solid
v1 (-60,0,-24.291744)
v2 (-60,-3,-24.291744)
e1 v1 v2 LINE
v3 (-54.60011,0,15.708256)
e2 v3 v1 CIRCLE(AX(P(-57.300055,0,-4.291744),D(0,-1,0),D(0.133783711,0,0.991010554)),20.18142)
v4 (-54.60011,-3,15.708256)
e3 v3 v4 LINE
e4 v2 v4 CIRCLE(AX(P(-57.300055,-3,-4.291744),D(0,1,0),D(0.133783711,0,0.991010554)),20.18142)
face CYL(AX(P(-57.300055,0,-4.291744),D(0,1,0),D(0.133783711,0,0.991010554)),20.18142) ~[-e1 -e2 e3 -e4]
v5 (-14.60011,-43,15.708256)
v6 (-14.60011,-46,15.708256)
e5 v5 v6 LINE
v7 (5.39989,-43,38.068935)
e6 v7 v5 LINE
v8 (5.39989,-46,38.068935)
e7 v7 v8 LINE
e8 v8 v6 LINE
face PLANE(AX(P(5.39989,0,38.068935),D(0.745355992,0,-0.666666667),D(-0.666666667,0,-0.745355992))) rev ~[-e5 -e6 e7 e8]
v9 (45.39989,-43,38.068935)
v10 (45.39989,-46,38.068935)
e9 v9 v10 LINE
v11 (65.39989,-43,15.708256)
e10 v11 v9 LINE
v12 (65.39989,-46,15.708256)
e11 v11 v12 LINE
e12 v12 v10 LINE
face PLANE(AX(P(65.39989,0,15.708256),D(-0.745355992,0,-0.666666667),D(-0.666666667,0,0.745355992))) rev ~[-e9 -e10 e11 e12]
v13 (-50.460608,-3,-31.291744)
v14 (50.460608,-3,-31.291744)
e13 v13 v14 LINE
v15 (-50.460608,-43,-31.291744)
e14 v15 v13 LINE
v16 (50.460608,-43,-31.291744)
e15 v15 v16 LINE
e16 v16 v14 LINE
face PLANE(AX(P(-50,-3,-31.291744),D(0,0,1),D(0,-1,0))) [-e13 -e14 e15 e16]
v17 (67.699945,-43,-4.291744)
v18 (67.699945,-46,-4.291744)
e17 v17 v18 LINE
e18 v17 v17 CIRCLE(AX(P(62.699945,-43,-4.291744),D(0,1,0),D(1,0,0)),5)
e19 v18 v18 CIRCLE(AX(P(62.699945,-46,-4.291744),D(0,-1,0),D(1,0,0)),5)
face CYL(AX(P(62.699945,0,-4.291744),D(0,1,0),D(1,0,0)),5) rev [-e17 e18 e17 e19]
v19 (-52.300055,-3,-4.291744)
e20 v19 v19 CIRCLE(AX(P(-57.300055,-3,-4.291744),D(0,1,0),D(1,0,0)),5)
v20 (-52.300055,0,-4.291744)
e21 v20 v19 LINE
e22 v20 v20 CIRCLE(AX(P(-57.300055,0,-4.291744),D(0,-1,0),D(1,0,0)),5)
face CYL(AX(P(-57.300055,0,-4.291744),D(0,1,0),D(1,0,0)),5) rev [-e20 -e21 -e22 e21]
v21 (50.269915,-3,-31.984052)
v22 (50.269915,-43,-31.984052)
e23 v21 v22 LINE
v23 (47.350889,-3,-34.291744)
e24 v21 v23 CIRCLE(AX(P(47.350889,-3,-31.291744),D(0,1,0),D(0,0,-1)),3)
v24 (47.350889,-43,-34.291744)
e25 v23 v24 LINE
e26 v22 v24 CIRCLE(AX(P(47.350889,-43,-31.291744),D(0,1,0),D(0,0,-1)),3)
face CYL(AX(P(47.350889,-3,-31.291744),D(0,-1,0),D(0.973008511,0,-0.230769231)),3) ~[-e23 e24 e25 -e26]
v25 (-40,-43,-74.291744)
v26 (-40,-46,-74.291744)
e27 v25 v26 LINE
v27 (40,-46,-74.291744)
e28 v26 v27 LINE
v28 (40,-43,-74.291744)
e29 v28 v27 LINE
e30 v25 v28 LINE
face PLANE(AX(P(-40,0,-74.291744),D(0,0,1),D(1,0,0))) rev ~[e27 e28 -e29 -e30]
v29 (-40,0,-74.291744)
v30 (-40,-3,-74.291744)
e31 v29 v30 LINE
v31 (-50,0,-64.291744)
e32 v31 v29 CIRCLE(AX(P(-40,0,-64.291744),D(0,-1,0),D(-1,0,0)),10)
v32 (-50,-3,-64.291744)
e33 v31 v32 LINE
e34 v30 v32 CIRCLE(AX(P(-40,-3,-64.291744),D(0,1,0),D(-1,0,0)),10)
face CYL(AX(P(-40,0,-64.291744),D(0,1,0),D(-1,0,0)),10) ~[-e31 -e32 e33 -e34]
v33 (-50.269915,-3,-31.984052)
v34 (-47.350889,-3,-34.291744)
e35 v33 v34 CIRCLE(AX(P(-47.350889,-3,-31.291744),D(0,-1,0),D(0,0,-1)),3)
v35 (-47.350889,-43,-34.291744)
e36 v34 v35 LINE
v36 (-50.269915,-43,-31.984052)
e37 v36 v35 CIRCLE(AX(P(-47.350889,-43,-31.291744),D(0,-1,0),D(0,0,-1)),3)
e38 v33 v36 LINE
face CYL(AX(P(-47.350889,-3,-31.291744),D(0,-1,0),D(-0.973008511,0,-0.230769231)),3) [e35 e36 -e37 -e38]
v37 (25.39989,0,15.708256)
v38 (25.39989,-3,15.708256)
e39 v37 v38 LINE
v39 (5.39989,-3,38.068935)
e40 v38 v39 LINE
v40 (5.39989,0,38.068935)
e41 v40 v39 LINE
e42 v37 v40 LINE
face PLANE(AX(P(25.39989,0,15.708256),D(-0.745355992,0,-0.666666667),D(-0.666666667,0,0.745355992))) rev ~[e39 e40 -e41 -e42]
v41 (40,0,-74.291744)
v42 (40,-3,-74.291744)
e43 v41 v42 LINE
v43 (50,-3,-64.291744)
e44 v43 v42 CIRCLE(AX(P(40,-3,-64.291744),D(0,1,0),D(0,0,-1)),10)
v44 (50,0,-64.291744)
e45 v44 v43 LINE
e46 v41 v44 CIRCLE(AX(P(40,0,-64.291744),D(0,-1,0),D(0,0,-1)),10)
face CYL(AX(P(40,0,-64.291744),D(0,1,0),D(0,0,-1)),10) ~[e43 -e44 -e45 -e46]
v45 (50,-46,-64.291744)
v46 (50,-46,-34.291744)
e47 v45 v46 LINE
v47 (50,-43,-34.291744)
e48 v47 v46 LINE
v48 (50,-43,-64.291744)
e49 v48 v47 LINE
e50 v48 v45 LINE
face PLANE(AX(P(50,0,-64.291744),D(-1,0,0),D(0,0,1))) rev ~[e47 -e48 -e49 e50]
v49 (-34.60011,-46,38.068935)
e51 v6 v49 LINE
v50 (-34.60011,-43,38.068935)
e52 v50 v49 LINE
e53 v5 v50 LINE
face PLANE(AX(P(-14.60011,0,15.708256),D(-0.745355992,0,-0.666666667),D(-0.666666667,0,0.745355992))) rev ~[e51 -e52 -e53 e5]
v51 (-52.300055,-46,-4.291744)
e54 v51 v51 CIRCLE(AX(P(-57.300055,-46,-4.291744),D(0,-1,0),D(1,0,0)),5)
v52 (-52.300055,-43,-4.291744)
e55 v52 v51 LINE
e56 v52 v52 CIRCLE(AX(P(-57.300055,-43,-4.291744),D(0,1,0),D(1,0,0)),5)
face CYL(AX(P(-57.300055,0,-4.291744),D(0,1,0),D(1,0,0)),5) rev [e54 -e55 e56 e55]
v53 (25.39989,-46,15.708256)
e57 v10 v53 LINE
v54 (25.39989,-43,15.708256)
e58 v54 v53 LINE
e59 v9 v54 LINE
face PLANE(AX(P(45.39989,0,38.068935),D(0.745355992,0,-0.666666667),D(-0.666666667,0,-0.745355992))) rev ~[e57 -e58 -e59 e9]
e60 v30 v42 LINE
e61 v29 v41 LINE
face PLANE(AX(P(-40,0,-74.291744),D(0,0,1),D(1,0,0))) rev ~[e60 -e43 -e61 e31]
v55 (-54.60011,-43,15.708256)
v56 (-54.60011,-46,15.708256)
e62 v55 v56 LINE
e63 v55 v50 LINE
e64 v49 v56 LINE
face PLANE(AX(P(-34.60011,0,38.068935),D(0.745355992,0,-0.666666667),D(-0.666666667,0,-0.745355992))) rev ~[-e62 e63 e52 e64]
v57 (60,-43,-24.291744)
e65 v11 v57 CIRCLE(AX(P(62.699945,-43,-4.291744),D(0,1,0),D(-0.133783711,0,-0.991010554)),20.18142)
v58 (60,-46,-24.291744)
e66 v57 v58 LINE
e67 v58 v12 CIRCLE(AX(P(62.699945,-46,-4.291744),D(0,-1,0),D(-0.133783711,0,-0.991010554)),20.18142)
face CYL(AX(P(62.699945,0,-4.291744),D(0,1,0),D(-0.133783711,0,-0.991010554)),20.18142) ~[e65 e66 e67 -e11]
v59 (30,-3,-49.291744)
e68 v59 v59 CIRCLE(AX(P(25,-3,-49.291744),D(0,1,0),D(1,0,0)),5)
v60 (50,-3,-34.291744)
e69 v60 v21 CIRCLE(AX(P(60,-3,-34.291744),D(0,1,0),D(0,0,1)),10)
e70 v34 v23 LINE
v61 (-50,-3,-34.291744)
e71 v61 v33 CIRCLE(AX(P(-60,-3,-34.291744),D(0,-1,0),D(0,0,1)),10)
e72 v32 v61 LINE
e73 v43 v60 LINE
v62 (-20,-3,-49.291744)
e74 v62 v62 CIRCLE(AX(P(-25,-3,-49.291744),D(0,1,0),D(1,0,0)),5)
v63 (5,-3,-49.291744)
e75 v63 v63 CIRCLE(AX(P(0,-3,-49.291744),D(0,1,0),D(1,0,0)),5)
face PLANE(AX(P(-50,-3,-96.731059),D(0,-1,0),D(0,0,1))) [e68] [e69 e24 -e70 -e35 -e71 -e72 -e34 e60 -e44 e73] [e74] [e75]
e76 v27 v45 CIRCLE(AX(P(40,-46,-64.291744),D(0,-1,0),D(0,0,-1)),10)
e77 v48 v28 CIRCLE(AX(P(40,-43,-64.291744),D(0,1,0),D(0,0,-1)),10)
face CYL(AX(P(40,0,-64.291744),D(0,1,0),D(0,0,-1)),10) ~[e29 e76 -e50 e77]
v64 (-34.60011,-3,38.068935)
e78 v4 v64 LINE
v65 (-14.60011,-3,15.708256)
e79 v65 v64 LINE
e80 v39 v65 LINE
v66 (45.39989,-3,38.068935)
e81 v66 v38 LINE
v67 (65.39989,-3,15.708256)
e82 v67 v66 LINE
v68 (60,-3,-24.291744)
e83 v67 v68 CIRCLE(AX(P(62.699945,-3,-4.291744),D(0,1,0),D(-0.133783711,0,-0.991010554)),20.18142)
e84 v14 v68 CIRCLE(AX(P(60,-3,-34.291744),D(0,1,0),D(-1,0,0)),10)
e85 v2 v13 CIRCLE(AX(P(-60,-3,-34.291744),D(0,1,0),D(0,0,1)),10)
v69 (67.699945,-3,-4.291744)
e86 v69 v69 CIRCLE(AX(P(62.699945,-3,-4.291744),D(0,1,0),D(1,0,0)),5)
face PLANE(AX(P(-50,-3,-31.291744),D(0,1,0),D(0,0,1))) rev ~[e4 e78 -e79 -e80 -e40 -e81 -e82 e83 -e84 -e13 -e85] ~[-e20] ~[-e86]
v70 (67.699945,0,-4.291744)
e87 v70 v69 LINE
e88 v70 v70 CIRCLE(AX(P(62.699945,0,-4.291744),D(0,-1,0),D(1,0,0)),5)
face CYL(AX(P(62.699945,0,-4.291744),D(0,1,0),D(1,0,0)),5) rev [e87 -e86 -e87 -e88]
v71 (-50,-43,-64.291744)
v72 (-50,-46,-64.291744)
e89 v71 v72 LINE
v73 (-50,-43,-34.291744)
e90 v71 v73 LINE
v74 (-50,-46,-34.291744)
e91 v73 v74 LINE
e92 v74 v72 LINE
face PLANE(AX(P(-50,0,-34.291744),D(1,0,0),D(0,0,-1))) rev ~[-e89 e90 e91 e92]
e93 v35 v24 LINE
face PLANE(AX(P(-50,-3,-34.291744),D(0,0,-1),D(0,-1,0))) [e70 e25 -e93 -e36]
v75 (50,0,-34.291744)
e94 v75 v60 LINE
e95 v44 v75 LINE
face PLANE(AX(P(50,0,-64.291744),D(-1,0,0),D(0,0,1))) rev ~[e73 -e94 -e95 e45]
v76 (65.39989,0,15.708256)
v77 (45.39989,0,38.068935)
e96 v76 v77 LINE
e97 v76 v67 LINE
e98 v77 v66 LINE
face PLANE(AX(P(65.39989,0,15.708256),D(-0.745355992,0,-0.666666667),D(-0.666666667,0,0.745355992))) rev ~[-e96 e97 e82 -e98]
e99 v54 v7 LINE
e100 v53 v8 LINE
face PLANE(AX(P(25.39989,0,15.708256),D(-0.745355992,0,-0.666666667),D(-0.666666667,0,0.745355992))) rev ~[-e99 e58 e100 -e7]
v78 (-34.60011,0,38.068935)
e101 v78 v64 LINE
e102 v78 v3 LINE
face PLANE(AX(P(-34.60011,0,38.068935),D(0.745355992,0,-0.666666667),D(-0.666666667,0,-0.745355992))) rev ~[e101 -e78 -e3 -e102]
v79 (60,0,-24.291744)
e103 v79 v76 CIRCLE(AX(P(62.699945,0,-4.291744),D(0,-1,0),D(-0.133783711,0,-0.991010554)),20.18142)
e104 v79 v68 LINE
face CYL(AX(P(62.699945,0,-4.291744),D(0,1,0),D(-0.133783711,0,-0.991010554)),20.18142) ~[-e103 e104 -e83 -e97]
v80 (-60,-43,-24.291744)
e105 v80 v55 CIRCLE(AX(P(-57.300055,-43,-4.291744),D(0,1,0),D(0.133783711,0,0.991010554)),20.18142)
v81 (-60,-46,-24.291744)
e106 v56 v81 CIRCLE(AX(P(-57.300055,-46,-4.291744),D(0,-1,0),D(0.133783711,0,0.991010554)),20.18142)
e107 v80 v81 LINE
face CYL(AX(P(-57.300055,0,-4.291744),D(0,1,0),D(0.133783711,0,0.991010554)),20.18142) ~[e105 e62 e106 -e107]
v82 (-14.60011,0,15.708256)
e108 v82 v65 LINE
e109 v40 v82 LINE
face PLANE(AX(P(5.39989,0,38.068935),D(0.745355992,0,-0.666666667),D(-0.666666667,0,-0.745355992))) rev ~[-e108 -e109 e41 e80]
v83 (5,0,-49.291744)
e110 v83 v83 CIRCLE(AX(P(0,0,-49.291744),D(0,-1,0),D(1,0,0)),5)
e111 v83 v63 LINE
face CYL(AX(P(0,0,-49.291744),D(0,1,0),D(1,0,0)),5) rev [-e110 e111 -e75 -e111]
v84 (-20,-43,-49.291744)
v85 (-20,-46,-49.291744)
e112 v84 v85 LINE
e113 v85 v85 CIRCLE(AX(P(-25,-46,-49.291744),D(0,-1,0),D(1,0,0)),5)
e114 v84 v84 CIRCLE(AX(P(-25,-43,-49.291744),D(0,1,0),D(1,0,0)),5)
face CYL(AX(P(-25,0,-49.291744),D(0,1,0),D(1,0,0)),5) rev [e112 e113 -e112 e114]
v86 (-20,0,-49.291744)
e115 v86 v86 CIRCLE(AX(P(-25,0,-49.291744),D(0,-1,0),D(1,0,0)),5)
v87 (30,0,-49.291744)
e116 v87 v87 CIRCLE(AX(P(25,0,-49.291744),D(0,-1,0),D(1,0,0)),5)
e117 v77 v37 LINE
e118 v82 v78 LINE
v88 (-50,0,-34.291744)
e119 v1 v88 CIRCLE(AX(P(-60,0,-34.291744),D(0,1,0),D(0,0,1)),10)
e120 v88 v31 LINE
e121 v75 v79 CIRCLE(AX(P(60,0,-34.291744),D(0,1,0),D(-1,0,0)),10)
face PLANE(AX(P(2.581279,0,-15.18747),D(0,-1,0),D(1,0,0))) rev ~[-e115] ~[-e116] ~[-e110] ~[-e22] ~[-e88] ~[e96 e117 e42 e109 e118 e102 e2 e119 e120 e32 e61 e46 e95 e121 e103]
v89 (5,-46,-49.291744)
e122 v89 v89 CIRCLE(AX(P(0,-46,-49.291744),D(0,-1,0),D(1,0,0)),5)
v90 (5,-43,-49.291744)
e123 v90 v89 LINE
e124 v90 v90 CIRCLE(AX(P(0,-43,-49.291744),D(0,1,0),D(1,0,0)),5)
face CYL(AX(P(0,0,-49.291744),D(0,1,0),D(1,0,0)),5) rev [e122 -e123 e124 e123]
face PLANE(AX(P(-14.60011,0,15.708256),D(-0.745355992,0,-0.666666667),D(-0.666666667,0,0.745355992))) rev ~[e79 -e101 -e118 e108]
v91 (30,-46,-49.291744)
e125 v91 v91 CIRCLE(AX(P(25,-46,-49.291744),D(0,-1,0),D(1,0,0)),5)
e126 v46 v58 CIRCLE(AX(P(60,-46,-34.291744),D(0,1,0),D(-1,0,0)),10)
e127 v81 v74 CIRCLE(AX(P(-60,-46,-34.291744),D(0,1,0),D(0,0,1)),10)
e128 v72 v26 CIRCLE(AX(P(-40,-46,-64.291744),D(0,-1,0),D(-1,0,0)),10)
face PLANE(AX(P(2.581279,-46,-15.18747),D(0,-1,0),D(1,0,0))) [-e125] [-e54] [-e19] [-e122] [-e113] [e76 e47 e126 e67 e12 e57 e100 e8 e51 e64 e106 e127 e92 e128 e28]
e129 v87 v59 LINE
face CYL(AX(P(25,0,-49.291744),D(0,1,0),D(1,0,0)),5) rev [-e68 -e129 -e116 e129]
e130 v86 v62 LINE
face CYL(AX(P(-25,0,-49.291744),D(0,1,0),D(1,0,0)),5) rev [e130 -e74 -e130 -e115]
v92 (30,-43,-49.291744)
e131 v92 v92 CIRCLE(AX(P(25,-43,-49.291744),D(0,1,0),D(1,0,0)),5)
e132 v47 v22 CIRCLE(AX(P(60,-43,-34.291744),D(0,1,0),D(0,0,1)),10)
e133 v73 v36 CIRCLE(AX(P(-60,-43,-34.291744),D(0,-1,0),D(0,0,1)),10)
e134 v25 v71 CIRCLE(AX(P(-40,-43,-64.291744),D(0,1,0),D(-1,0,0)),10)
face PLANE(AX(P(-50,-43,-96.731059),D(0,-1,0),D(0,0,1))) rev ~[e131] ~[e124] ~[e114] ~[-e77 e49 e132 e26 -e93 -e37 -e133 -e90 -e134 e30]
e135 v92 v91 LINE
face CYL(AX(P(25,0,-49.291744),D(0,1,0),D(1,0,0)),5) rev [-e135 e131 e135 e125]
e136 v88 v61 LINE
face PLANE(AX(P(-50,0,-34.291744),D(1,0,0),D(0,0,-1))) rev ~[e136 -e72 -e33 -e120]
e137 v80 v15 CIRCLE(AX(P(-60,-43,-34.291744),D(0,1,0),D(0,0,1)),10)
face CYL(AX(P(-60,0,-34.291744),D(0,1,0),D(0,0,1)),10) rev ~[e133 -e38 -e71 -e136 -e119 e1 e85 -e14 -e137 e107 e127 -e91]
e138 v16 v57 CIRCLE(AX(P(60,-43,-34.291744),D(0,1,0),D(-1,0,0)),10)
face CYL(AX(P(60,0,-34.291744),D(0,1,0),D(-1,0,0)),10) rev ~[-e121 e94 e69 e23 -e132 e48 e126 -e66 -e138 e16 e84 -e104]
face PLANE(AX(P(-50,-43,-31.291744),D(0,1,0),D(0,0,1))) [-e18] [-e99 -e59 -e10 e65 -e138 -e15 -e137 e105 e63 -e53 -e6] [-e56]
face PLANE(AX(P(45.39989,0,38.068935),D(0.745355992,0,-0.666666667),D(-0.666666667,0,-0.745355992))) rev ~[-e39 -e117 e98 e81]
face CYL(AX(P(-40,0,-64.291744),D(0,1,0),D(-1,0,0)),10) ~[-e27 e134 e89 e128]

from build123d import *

# Parameters (mm, degrees)
F0_R     = 5
F1_DEPTH = 46
F2_W     = 40
F2_H     = 62.4393149427
F2_H_2   = 108.6921231934
F3_DEPTH = 132.8823650188
F4_DEPTH = 27.4824745393
F5_R     = 3


with BuildPart() as f1:
    # F0 (on Front) → F1 (new body)
    with BuildSketch(Plane.XZ):
        with BuildLine():
            Line((-34.6001095204, 38.0689354645), (-54.6001095204, 15.7082556895))
            ThreePointArc((-54.6001095204, 15.7082556895), (-77.3000547602, -1.5917990707), (-60, -24.2917443105))
            ThreePointArc((-60, -24.2917443105), (-52.9289321881, -27.2206764986), (-50, -34.2917443105))
            Line((-50, -34.2917443105), (-50, -64.2917443105))
            ThreePointArc((-50, -64.2917443105), (-47.0710678119, -71.3628121224), (-40, -74.2917443105))
            Line((-40, -74.2917443105), (40, -74.2917443105))
            ThreePointArc((40, -74.2917443105), (47.0710678119, -71.3628121224), (50, -64.2917443105))
            Line((50, -64.2917443105), (50, -34.2917443105))
            ThreePointArc((50, -34.2917443105), (52.9289321881, -27.2206764986), (60, -24.2917443105))
            ThreePointArc((60, -24.2917443105), (82.6999452398, -6.9916895503), (65.3998904796, 15.7082556895))
            Line((65.3998904796, 15.7082556895), (45.3998904796, 38.0689354645))
            Line((45.3998904796, 38.0689354645), (25.3998904796, 15.7082556895))
            Line((25.3998904796, 15.7082556895), (5.3998904796, 38.0689354645))
            Line((5.3998904796, 38.0689354645), (-14.6001095204, 15.7082556895))
            Line((-14.6001095204, 15.7082556895), (-34.6001095204, 38.0689354645))
        make_face()
        with Locations((-25, -49.2917443105)):
            Circle(F0_R, mode=Mode.SUBTRACT)
        with Locations((0, -49.2917443105)):
            Circle(F0_R, mode=Mode.SUBTRACT)
        with Locations((25, -49.2917443105)):
            Circle(F0_R, mode=Mode.SUBTRACT)
        with Locations((-57.3000547602, -4.2917443105)):
            Circle(F0_R, mode=Mode.SUBTRACT)
        with Locations((62.6999452398, -4.2917443105)):
            Circle(F0_R, mode=Mode.SUBTRACT)
    extrude(amount=F1_DEPTH)

    # F2 (on face) → F3 (cut, through all)
    with BuildSketch(Plane(origin=(-50, 0, 0), x_dir=(0, -1, 0), z_dir=(-1, 0, 0))):
        with Locations((23, -65.5114017819)):
            Rectangle(F2_W, F2_H)
        with Locations((23, 23.0543172862)):
            Rectangle(F2_W, F2_H_2)
    extrude(amount=-F3_DEPTH, mode=Mode.SUBTRACT)

    # F2 (on face) → F4 (cut, through all)
    with BuildSketch(Plane(origin=(-50, 0, 0), x_dir=(0, -1, 0), z_dir=(-1, 0, 0))):
        with Locations((23, -65.5114017819)):
            Rectangle(F2_W, F2_H)
        with Locations((23, 23.0543172862)):
            Rectangle(F2_W, F2_H_2)
    extrude(amount=F4_DEPTH, mode=Mode.SUBTRACT)

    # F5
    f5_edges = [f1.edges().sort_by_distance(p)[0] for p in [
        (-50, -1.5, -34.291744),
        (-50, -23, -34.291744),
        (-50, -44.5, -34.291744),
        (50, -1.5, -34.291744),
        (50, -44.5, -34.291744),
        (50, -23, -34.291744),
    ]]
    fillet(f5_edges, radius=F5_R)


solid = f1.part
